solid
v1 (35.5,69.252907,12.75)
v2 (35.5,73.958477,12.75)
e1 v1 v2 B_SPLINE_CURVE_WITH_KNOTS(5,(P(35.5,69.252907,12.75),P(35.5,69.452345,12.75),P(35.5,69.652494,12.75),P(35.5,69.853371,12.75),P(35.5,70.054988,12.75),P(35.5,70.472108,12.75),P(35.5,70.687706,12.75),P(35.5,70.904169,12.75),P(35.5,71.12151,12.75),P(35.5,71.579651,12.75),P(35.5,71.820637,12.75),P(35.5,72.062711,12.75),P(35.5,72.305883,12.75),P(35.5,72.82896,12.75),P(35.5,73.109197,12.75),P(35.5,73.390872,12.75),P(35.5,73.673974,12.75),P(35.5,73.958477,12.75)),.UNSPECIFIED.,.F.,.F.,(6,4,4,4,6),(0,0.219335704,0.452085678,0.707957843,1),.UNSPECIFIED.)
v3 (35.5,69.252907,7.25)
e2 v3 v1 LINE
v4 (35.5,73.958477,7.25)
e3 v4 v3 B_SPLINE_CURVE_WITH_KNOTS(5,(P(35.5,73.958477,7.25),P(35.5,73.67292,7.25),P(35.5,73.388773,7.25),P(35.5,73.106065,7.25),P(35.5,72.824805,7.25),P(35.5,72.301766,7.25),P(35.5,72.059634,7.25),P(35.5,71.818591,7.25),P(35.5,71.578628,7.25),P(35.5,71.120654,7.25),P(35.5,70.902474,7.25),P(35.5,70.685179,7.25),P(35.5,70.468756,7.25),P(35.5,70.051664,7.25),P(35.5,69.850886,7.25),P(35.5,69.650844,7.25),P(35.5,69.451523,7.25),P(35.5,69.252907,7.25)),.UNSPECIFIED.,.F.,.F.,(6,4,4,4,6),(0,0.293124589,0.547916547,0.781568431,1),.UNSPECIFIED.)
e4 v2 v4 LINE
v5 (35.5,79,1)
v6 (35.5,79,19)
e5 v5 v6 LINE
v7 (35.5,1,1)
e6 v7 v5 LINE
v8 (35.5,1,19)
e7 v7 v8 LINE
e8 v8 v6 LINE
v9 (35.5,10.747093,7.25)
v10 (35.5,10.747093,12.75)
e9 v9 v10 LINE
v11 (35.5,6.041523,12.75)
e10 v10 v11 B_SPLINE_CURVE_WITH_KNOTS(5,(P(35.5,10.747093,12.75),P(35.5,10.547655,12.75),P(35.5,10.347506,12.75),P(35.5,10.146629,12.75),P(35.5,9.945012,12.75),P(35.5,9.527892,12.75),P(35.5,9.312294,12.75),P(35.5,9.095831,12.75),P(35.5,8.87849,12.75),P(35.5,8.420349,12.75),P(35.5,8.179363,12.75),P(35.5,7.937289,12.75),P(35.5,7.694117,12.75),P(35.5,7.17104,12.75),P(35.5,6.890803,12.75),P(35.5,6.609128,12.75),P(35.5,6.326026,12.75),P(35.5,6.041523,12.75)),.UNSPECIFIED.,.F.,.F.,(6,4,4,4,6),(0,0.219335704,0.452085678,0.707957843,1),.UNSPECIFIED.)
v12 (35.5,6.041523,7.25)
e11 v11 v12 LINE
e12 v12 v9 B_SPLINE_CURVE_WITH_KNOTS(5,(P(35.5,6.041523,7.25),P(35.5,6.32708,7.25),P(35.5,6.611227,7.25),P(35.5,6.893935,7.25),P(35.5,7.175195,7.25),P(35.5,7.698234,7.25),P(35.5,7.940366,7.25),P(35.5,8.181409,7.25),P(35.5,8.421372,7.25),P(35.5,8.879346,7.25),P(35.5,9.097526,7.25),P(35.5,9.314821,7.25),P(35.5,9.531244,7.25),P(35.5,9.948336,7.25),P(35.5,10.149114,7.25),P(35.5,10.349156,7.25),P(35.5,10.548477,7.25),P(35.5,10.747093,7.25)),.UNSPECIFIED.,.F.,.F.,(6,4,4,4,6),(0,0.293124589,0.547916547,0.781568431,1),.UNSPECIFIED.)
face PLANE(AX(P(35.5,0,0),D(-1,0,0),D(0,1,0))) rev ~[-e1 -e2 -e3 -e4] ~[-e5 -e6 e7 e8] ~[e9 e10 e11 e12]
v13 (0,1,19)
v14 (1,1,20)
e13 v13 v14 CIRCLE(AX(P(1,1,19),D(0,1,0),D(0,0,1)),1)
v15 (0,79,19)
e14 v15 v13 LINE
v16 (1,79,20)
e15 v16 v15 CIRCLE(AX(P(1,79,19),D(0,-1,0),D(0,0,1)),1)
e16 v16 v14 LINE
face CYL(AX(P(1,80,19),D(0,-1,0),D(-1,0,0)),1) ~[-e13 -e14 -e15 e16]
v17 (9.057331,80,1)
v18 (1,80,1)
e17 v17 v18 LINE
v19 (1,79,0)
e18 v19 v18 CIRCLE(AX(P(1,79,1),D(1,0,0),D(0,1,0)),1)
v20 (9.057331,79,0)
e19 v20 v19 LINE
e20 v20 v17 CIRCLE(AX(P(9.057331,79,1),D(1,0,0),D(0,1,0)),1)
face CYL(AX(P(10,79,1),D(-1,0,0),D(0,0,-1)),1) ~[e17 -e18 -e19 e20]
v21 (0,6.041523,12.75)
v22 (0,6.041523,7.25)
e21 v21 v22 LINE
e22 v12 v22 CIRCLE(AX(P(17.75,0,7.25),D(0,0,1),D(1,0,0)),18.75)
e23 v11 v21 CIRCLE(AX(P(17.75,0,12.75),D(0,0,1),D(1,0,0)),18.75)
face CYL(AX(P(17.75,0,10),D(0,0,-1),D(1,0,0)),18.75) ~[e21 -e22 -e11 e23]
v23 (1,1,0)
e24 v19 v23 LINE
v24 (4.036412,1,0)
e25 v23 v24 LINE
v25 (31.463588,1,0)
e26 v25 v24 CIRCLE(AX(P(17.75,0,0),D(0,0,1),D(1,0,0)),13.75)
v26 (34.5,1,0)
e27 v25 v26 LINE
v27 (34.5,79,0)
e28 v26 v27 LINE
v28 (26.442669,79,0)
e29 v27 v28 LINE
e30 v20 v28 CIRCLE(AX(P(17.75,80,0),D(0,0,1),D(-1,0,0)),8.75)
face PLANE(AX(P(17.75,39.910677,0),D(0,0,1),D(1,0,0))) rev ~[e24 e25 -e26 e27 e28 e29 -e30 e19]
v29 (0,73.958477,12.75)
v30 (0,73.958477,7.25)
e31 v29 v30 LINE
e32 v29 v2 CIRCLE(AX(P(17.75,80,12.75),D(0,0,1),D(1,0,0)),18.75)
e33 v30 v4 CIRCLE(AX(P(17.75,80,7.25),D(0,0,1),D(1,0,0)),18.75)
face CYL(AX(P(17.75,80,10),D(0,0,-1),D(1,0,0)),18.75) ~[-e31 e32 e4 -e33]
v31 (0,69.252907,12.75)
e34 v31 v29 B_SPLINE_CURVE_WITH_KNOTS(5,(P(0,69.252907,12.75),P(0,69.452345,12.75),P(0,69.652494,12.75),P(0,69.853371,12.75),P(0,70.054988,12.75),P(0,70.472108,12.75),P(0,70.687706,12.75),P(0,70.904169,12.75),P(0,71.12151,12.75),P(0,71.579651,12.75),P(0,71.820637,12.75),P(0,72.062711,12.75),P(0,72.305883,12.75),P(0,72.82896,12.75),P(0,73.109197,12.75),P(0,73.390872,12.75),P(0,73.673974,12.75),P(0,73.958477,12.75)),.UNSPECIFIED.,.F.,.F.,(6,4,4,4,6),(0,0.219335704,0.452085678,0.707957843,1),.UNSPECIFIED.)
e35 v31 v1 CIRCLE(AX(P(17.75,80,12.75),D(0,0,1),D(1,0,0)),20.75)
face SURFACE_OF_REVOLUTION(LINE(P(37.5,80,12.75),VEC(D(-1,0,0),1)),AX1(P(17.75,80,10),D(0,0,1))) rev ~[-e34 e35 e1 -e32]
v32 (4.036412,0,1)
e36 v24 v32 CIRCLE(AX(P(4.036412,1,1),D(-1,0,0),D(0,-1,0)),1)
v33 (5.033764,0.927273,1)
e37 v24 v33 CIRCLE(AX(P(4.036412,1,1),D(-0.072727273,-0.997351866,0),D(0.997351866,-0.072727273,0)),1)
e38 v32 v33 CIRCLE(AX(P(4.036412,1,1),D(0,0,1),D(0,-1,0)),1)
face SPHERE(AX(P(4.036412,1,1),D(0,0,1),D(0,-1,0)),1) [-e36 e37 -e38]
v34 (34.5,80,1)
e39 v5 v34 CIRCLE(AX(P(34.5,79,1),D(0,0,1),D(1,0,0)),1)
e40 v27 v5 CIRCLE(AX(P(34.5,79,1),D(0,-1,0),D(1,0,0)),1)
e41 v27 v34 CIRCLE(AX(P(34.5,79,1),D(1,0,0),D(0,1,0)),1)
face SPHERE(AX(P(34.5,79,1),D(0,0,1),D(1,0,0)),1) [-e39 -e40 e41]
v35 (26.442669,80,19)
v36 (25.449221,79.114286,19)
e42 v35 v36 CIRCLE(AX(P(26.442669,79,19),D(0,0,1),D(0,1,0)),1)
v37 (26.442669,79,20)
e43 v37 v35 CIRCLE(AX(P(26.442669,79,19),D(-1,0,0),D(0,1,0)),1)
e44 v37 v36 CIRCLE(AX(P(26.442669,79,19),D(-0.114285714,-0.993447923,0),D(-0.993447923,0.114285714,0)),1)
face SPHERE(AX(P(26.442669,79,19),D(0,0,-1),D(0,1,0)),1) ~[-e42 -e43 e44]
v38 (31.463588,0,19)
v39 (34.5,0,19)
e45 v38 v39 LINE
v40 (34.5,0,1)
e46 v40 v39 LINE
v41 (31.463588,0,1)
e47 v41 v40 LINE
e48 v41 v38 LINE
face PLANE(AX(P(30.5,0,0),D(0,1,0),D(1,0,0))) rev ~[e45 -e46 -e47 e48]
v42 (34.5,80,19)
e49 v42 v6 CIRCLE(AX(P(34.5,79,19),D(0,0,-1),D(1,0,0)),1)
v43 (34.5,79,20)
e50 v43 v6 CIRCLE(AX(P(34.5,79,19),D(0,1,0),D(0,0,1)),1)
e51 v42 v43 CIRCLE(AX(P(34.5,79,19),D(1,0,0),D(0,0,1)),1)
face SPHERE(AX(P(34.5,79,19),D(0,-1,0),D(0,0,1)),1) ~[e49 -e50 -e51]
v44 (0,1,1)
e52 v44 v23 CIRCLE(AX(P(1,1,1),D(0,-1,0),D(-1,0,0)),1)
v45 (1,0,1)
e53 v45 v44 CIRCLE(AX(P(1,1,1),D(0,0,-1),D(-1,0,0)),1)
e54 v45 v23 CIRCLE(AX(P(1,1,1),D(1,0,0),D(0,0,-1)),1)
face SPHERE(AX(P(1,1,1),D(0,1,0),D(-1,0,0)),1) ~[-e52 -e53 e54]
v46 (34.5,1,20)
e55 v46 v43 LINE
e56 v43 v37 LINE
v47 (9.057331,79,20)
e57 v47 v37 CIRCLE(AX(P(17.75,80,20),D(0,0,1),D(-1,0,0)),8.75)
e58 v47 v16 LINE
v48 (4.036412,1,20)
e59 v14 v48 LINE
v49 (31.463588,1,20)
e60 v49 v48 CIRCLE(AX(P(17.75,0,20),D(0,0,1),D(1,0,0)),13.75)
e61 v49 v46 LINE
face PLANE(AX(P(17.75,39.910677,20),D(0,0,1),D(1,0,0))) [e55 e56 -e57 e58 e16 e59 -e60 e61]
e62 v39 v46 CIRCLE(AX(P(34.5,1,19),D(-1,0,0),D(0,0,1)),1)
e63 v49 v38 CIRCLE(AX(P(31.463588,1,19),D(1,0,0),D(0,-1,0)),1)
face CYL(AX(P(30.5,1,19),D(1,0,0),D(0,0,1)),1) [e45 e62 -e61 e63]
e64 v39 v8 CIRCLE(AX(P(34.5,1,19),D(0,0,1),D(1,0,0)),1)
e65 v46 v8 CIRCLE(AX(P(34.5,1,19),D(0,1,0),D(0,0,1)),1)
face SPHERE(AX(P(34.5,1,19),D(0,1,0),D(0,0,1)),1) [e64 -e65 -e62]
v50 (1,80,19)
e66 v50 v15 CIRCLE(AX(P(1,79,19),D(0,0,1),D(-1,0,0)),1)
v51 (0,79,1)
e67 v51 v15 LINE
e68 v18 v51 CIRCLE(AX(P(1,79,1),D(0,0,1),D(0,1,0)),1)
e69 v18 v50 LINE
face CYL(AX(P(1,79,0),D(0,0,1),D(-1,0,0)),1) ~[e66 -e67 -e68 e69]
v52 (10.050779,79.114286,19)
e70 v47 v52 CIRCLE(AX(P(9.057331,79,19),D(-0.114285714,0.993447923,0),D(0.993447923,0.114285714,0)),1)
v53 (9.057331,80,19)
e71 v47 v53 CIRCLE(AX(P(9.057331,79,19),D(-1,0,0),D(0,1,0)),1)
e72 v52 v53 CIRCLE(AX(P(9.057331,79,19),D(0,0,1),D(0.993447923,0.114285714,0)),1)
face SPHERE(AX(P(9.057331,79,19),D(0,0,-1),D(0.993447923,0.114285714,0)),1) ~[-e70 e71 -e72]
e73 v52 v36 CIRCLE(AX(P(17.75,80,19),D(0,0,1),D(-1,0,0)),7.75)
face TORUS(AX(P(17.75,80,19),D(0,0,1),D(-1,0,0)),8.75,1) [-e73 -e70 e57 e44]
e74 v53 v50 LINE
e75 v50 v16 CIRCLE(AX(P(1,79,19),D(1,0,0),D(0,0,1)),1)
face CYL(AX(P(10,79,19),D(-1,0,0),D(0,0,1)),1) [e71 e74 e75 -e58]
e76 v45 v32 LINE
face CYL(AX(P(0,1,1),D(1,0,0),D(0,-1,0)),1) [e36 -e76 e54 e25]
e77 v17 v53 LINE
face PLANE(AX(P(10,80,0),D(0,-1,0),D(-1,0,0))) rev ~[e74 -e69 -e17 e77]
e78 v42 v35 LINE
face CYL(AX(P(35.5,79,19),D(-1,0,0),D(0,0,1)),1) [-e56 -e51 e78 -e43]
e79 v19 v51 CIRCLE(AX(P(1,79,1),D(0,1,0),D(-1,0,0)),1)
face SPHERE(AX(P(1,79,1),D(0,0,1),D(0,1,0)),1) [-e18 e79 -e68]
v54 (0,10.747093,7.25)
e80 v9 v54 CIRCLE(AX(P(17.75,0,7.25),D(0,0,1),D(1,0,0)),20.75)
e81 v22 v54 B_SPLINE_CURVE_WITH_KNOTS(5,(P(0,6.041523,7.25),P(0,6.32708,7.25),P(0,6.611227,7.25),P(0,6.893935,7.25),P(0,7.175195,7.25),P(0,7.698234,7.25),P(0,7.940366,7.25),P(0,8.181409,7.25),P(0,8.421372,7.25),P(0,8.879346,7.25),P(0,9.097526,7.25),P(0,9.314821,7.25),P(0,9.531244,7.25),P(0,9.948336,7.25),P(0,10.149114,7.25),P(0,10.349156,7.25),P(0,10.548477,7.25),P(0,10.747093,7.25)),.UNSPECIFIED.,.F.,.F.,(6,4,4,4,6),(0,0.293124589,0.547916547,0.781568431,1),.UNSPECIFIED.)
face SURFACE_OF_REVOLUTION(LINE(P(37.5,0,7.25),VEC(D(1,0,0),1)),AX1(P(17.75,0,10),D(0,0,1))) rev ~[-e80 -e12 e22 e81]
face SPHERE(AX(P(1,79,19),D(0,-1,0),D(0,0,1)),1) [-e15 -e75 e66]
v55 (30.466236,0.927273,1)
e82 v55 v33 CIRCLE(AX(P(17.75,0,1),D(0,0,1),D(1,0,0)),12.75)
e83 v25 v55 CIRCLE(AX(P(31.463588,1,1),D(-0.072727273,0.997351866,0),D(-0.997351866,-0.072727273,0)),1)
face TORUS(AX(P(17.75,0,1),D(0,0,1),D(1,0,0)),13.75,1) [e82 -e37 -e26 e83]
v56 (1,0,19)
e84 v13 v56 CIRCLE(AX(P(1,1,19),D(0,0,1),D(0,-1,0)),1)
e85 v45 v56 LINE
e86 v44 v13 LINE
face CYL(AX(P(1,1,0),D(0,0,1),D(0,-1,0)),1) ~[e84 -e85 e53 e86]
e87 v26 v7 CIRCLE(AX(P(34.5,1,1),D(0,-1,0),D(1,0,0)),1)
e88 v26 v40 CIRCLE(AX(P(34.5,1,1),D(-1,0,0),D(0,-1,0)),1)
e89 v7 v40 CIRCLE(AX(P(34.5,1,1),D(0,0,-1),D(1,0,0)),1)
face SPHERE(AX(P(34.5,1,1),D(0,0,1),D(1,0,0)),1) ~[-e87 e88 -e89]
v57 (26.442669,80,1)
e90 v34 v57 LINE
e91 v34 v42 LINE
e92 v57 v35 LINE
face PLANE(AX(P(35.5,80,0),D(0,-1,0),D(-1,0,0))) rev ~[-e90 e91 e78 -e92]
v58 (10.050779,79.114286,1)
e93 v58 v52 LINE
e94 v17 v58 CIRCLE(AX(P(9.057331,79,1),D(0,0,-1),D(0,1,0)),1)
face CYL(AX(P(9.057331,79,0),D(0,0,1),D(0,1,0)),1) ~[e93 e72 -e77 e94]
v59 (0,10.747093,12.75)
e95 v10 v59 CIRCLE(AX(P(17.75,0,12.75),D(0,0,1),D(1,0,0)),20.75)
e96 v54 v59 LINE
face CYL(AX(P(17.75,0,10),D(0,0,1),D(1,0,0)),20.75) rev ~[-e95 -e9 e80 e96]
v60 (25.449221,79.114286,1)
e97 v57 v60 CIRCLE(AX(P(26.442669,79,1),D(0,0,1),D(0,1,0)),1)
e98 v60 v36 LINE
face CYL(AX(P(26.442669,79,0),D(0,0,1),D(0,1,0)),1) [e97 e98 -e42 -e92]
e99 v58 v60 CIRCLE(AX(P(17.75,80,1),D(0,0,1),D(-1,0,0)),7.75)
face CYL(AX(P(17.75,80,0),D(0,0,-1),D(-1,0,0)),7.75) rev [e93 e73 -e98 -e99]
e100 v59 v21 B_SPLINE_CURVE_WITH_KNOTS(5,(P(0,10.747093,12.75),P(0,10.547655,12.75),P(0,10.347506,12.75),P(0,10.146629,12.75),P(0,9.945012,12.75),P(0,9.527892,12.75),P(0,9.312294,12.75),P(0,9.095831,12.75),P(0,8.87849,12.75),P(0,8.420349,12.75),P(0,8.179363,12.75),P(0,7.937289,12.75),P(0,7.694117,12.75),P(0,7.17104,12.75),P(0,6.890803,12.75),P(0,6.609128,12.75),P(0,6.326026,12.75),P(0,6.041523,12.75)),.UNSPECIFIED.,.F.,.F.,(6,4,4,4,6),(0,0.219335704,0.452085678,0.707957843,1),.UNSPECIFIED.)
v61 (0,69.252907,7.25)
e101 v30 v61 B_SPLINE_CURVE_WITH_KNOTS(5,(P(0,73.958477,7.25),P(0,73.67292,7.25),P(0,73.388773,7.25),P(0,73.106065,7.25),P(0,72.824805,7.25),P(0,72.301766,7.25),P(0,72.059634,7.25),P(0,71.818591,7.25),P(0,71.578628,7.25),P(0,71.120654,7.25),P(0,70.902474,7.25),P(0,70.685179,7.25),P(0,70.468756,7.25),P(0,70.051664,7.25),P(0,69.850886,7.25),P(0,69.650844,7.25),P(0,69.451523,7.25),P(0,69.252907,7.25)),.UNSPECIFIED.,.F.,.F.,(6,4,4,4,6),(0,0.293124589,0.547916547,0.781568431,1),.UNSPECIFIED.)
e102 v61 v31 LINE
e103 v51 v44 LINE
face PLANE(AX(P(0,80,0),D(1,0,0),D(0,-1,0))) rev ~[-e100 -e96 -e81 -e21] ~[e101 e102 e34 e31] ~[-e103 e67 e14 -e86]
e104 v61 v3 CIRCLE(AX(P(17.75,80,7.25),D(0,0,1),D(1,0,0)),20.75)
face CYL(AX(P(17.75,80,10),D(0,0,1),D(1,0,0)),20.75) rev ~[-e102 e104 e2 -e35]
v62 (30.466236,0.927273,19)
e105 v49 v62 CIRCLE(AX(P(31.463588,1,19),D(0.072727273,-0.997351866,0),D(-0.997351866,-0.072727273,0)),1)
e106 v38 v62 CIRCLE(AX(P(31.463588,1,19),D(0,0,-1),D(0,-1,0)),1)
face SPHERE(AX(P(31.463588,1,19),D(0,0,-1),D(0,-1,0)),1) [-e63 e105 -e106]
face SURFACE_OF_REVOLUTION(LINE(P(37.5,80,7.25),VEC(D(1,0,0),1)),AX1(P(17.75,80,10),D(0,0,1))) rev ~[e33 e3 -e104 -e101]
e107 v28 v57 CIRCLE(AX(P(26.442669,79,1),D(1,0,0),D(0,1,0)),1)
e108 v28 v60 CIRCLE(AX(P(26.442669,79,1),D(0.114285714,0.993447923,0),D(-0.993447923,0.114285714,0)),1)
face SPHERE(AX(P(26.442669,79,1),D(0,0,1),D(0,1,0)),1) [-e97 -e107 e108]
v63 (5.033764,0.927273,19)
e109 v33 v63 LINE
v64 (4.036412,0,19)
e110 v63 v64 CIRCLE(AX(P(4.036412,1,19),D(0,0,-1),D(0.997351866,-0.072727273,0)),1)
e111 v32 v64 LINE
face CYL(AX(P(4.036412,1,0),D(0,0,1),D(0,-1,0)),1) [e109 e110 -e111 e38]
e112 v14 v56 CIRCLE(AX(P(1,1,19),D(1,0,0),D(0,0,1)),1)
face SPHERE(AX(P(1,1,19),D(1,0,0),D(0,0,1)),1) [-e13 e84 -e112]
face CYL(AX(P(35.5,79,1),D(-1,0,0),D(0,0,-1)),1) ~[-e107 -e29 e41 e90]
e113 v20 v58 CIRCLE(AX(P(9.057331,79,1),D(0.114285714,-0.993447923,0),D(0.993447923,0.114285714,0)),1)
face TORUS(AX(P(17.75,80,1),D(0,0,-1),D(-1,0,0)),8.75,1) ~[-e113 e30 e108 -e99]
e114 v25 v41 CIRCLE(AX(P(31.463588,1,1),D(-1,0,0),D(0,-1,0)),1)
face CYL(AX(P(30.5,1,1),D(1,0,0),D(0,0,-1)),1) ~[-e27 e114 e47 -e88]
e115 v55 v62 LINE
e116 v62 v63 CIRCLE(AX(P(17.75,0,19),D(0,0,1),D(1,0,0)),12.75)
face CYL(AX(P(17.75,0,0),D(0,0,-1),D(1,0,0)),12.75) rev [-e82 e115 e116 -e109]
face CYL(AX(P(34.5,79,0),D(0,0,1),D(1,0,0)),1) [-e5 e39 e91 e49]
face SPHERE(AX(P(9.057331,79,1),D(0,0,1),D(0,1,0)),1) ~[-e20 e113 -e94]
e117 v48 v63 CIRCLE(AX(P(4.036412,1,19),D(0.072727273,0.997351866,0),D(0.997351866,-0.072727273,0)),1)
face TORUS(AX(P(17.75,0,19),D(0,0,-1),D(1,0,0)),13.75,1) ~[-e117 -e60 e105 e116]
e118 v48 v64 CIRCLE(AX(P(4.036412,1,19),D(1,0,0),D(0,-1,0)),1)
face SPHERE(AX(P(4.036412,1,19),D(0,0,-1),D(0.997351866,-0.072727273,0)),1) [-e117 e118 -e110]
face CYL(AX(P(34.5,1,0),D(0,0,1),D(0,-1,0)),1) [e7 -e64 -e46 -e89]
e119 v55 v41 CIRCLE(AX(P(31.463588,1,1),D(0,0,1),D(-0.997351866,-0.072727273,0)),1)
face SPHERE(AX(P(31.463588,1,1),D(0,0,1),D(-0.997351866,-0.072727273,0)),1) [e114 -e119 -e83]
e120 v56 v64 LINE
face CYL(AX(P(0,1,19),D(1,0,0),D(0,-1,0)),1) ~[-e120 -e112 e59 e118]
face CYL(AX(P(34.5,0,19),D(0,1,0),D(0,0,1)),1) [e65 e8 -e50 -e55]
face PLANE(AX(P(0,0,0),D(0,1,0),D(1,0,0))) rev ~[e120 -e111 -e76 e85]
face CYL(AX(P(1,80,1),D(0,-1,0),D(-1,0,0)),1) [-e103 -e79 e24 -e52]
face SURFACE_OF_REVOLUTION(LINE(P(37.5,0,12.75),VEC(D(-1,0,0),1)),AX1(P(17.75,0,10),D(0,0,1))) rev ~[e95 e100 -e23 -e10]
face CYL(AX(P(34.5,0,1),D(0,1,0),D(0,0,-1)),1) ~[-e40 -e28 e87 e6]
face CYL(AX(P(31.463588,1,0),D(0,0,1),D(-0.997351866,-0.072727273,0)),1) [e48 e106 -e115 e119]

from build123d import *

# Parameters (mm, degrees)
PAD_DEPTH   = 20
SKETCH002_W = 2
SKETCH002_H = 5.5
SKETCH004_W = 2
SKETCH004_H = 5.5
FILLET_R    = 1


with BuildPart() as part:
    # Sketch → Pad (new body)
    with BuildSketch(Plane.XY):
        with BuildLine():
            Line((0, 0), (5, 0))
            ThreePointArc((30.5, 0), (17.75, 12.75), (5, 0))
            Line((30.5, 0), (35.5, 0))
            Line((35.5, 0), (35.5, 80))
            Line((35.5, 80), (25.5, 80))
            ThreePointArc((10, 80), (17.75, 72.25), (25.5, 80))
            Line((10, 80), (0, 80))
            Line((0, 80), (0, 0))
        make_face()
    extrude(amount=PAD_DEPTH)

    # SubtractivePipe: sweep along a path in Sketch001
    with BuildLine(Plane.XY.offset(10)) as subtractivepipe_path:
        CenterArc((17.75, 0), 20, 0, 360)
    # Sketch002 → SubtractivePipe (sweep, cut)
    with BuildSketch(Plane.XZ):
        with Locations((37.5, 10)):
            Rectangle(SKETCH002_W, SKETCH002_H)
    sweep(path=subtractivepipe_path.line, mode=Mode.SUBTRACT)

    # SubtractivePipe001: sweep along a path in Sketch003
    with BuildLine(Plane.XY.offset(10)) as subtractivepipe001_path:
        CenterArc((17.75, 80), 20, 0, 360)
    # Sketch004 → SubtractivePipe001 (sweep, cut)
    with BuildSketch(Plane.XZ.offset(-80)):
        with Locations((37.5, 10)):
            Rectangle(SKETCH004_W, SKETCH004_H)
    sweep(path=subtractivepipe001_path.line, mode=Mode.SUBTRACT)

    # Fillet
    fillet_edges = [part.edges().sort_by_distance(p)[0] for p in [
        (35.5, 40, 20),
        (33, 0, 20),
        (17.75, 12.75, 20),
        (2.5, 0, 20),
        (0, 40, 20),
        (30.5, 80, 20),
        (17.75, 72.25, 20),
        (5, 80, 20),
        (0, 80, 10),
        (35.5, 80, 10),
        (35.5, 0, 10),
        (35.5, 40, 0),
        (5, 80, 0),
        (30.5, 80, 0),
        (17.75, 72.25, 0),
        (25.5, 80, 10),
        (10, 80, 10),
        (0, 40, 0),
        (0, 0, 10),
        (2.5, 0, 0),
        (17.75, 12.75, 0),
        (33, 0, 0),
        (30.5, 0, 10),
        (5, 0, 10),
    ]]
    fillet(fillet_edges, radius=FILLET_R)


solid = part.part
